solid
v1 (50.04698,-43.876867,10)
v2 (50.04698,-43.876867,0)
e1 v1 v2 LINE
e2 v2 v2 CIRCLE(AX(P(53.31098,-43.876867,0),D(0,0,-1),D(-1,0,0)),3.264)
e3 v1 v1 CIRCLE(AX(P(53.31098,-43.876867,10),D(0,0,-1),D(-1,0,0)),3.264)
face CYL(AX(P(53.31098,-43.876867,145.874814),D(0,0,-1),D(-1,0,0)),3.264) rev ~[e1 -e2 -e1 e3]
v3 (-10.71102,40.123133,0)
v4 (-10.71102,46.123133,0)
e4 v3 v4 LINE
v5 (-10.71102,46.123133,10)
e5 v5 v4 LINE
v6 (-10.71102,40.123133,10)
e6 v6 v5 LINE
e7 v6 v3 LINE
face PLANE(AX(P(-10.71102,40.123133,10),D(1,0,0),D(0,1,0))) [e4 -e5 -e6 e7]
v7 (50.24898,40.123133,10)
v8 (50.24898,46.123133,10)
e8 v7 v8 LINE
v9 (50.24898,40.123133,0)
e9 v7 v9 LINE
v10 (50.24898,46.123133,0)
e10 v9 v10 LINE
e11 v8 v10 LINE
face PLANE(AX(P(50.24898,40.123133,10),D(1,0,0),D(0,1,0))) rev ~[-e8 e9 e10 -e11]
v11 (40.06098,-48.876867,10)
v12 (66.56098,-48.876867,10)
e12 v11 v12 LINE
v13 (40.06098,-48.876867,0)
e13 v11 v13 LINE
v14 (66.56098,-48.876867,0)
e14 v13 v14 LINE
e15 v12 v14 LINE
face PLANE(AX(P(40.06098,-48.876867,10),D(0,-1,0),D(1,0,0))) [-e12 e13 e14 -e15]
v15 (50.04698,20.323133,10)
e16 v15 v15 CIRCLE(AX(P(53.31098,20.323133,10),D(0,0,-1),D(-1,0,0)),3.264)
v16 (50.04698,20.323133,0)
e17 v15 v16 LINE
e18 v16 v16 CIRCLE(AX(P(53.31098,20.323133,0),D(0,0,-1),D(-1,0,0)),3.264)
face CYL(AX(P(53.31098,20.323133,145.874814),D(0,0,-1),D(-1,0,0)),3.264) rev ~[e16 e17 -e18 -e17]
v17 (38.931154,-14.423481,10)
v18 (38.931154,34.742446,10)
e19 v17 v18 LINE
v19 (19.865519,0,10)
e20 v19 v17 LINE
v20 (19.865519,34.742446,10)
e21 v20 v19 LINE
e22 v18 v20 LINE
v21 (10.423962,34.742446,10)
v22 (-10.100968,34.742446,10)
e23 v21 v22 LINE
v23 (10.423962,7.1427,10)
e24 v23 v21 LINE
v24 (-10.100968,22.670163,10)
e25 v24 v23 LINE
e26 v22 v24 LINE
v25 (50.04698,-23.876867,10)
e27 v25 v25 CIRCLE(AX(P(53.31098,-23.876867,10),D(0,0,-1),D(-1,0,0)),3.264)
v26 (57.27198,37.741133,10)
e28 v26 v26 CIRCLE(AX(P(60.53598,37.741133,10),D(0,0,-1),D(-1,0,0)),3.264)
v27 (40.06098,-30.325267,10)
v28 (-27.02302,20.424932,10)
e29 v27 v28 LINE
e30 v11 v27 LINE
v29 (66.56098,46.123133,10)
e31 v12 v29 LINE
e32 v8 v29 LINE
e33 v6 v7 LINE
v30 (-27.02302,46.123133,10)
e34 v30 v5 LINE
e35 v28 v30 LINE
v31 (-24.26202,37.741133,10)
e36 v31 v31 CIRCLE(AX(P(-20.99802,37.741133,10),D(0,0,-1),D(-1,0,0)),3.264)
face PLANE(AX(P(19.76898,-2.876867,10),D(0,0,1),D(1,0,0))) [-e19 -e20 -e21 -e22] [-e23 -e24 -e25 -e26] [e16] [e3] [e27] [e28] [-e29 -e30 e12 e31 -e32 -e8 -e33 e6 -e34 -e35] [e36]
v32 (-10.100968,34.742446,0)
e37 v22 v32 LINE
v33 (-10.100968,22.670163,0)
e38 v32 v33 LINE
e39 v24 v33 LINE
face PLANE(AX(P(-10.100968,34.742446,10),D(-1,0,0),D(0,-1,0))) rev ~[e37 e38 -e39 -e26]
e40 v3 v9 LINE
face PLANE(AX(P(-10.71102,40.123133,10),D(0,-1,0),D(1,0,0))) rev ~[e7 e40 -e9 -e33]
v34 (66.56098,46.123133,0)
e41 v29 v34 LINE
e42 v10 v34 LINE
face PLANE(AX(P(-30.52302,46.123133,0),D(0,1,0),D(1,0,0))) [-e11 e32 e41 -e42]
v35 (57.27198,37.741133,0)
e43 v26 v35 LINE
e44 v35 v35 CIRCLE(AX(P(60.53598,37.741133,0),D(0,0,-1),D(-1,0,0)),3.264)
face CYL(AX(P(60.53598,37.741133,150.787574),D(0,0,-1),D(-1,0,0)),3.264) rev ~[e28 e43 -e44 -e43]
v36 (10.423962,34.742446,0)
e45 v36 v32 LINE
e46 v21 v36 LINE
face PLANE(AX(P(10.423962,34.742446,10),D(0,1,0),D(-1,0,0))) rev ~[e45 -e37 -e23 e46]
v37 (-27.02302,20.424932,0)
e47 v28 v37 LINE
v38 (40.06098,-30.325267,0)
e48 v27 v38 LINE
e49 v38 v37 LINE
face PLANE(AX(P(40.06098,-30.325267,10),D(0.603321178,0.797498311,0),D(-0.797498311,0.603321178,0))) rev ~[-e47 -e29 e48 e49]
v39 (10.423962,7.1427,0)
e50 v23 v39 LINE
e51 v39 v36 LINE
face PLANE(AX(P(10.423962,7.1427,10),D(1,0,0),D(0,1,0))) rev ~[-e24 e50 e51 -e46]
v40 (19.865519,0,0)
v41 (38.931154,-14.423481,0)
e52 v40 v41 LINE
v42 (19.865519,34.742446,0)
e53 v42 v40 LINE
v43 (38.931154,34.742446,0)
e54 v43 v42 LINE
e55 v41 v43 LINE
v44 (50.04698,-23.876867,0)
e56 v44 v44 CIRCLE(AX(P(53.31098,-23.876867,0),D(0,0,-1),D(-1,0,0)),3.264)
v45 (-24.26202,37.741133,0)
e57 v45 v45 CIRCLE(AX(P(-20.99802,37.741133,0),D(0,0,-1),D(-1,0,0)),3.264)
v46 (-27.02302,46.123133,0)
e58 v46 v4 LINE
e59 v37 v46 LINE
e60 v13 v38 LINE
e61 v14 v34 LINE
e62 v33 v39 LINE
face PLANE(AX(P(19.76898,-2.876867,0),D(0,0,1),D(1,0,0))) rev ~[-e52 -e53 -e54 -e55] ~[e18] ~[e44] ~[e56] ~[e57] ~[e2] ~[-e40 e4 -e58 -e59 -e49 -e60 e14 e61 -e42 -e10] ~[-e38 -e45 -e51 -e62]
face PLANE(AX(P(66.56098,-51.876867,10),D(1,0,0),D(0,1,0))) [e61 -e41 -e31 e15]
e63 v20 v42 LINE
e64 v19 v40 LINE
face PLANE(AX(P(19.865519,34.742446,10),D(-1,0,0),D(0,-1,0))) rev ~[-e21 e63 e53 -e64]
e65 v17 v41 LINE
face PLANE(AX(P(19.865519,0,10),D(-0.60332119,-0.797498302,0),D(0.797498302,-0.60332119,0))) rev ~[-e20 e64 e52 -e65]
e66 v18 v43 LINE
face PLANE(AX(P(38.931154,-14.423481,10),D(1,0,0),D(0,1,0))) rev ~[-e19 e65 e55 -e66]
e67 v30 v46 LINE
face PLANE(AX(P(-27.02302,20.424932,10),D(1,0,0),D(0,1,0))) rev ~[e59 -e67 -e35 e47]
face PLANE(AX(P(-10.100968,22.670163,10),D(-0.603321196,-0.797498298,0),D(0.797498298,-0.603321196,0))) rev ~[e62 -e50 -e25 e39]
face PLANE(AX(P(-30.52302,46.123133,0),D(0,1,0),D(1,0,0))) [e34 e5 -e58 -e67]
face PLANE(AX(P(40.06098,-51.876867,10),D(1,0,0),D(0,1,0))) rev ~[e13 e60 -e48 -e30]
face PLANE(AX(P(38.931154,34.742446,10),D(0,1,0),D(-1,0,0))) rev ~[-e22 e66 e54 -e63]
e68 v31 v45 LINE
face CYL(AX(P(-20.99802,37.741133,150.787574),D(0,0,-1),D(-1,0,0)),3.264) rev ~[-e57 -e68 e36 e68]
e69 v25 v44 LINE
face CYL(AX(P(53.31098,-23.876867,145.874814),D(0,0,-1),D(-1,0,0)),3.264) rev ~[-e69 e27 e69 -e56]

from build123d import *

# Parameters (mm, degrees)
F0_W      = 100.584
F0_H      = 98
F1_DEPTH  = 10
F3_D      = 6.528
F4_W      = 60.96
F4_H      = 6
F5_DEPTH  = 10
F7_DEPTH  = 10
F10_DEPTH = 10
F9_W      = 3.5
F9_H      = 98
F11_DEPTH = 10
F12_D     = 6.528
F13_W     = 26.5
F13_H     = 3
F14_DEPTH = 10
F16_DEPTH = 10


with BuildPart() as f1:
    # F0 (on Top) → F1 (new body)
    with BuildSketch(Plane.XY):
        with Locations((19.76898, -2.876867)):
            Rectangle(F0_W, F0_H)
    extrude(amount=F1_DEPTH)

    # F3 (through all)
    with Locations(Plane.XY.offset(10)):
        with Locations((-20.99802, 37.741133), (60.53598, 37.741133)):
            Hole(F3_D / 2)

    # F4 (on face) → F5 (cut, through all)
    with BuildSketch(Plane.XY.offset(10)):
        with Locations((19.76898, 43.123133)):
            Rectangle(F4_W, F4_H)
    extrude(amount=-F5_DEPTH, mode=Mode.SUBTRACT)

    # F6 (on face) → F7 (cut, through all)
    with BuildSketch(Plane.XY.offset(10)):
        Polygon((-30.52302, -51.876867), (40.06098, -51.876867), (40.06098, -30.325267), (-30.52302, 23.072742), align=None)
    extrude(amount=-F7_DEPTH, mode=Mode.SUBTRACT)

    # F9 (on face) → F10 (cut, through all)
    with BuildSketch(Plane.XY.offset(10)):
        Polygon((-30.52302, 23.072742), (-27.02302, 20.424932), (-27.02302, 46.123133), (-30.52302, 46.123133), align=None)
    extrude(amount=-F10_DEPTH, mode=Mode.SUBTRACT)

    # F9 (on face) → F11 (cut, through all)
    with BuildSketch(Plane.XY.offset(10)):
        with Locations((68.31098, -2.876867)):
            Rectangle(F9_W, F9_H)
    extrude(amount=-F11_DEPTH, mode=Mode.SUBTRACT)

    # F12 (through all)
    with Locations(Plane.XY.offset(10)):
        with Locations((53.31098, 20.323133), (53.31098, -43.876867), (53.31098, -23.876867)):
            Hole(F12_D / 2)

    # F13 (on face) → F14 (cut, through all)
    with BuildSketch(Plane.XY.offset(10)):
        with Locations((53.31098, -50.376867)):
            Rectangle(F13_W, F13_H)
    extrude(amount=-F14_DEPTH, mode=Mode.SUBTRACT)

    # F15 (on face) → F16 (cut, through all)
    with BuildSketch(Plane.XY.offset(10)):
        Polygon((10.423962, 34.742446), (-10.100968, 34.742446), (-10.100968, 22.670163), (10.423962, 7.1427), align=None)
        Polygon((38.931154, 34.742446), (19.865519, 34.742446), (19.865519, 0), (38.931154, -14.423481), align=None)
    extrude(amount=-F16_DEPTH, mode=Mode.SUBTRACT)


solid = f1.part
